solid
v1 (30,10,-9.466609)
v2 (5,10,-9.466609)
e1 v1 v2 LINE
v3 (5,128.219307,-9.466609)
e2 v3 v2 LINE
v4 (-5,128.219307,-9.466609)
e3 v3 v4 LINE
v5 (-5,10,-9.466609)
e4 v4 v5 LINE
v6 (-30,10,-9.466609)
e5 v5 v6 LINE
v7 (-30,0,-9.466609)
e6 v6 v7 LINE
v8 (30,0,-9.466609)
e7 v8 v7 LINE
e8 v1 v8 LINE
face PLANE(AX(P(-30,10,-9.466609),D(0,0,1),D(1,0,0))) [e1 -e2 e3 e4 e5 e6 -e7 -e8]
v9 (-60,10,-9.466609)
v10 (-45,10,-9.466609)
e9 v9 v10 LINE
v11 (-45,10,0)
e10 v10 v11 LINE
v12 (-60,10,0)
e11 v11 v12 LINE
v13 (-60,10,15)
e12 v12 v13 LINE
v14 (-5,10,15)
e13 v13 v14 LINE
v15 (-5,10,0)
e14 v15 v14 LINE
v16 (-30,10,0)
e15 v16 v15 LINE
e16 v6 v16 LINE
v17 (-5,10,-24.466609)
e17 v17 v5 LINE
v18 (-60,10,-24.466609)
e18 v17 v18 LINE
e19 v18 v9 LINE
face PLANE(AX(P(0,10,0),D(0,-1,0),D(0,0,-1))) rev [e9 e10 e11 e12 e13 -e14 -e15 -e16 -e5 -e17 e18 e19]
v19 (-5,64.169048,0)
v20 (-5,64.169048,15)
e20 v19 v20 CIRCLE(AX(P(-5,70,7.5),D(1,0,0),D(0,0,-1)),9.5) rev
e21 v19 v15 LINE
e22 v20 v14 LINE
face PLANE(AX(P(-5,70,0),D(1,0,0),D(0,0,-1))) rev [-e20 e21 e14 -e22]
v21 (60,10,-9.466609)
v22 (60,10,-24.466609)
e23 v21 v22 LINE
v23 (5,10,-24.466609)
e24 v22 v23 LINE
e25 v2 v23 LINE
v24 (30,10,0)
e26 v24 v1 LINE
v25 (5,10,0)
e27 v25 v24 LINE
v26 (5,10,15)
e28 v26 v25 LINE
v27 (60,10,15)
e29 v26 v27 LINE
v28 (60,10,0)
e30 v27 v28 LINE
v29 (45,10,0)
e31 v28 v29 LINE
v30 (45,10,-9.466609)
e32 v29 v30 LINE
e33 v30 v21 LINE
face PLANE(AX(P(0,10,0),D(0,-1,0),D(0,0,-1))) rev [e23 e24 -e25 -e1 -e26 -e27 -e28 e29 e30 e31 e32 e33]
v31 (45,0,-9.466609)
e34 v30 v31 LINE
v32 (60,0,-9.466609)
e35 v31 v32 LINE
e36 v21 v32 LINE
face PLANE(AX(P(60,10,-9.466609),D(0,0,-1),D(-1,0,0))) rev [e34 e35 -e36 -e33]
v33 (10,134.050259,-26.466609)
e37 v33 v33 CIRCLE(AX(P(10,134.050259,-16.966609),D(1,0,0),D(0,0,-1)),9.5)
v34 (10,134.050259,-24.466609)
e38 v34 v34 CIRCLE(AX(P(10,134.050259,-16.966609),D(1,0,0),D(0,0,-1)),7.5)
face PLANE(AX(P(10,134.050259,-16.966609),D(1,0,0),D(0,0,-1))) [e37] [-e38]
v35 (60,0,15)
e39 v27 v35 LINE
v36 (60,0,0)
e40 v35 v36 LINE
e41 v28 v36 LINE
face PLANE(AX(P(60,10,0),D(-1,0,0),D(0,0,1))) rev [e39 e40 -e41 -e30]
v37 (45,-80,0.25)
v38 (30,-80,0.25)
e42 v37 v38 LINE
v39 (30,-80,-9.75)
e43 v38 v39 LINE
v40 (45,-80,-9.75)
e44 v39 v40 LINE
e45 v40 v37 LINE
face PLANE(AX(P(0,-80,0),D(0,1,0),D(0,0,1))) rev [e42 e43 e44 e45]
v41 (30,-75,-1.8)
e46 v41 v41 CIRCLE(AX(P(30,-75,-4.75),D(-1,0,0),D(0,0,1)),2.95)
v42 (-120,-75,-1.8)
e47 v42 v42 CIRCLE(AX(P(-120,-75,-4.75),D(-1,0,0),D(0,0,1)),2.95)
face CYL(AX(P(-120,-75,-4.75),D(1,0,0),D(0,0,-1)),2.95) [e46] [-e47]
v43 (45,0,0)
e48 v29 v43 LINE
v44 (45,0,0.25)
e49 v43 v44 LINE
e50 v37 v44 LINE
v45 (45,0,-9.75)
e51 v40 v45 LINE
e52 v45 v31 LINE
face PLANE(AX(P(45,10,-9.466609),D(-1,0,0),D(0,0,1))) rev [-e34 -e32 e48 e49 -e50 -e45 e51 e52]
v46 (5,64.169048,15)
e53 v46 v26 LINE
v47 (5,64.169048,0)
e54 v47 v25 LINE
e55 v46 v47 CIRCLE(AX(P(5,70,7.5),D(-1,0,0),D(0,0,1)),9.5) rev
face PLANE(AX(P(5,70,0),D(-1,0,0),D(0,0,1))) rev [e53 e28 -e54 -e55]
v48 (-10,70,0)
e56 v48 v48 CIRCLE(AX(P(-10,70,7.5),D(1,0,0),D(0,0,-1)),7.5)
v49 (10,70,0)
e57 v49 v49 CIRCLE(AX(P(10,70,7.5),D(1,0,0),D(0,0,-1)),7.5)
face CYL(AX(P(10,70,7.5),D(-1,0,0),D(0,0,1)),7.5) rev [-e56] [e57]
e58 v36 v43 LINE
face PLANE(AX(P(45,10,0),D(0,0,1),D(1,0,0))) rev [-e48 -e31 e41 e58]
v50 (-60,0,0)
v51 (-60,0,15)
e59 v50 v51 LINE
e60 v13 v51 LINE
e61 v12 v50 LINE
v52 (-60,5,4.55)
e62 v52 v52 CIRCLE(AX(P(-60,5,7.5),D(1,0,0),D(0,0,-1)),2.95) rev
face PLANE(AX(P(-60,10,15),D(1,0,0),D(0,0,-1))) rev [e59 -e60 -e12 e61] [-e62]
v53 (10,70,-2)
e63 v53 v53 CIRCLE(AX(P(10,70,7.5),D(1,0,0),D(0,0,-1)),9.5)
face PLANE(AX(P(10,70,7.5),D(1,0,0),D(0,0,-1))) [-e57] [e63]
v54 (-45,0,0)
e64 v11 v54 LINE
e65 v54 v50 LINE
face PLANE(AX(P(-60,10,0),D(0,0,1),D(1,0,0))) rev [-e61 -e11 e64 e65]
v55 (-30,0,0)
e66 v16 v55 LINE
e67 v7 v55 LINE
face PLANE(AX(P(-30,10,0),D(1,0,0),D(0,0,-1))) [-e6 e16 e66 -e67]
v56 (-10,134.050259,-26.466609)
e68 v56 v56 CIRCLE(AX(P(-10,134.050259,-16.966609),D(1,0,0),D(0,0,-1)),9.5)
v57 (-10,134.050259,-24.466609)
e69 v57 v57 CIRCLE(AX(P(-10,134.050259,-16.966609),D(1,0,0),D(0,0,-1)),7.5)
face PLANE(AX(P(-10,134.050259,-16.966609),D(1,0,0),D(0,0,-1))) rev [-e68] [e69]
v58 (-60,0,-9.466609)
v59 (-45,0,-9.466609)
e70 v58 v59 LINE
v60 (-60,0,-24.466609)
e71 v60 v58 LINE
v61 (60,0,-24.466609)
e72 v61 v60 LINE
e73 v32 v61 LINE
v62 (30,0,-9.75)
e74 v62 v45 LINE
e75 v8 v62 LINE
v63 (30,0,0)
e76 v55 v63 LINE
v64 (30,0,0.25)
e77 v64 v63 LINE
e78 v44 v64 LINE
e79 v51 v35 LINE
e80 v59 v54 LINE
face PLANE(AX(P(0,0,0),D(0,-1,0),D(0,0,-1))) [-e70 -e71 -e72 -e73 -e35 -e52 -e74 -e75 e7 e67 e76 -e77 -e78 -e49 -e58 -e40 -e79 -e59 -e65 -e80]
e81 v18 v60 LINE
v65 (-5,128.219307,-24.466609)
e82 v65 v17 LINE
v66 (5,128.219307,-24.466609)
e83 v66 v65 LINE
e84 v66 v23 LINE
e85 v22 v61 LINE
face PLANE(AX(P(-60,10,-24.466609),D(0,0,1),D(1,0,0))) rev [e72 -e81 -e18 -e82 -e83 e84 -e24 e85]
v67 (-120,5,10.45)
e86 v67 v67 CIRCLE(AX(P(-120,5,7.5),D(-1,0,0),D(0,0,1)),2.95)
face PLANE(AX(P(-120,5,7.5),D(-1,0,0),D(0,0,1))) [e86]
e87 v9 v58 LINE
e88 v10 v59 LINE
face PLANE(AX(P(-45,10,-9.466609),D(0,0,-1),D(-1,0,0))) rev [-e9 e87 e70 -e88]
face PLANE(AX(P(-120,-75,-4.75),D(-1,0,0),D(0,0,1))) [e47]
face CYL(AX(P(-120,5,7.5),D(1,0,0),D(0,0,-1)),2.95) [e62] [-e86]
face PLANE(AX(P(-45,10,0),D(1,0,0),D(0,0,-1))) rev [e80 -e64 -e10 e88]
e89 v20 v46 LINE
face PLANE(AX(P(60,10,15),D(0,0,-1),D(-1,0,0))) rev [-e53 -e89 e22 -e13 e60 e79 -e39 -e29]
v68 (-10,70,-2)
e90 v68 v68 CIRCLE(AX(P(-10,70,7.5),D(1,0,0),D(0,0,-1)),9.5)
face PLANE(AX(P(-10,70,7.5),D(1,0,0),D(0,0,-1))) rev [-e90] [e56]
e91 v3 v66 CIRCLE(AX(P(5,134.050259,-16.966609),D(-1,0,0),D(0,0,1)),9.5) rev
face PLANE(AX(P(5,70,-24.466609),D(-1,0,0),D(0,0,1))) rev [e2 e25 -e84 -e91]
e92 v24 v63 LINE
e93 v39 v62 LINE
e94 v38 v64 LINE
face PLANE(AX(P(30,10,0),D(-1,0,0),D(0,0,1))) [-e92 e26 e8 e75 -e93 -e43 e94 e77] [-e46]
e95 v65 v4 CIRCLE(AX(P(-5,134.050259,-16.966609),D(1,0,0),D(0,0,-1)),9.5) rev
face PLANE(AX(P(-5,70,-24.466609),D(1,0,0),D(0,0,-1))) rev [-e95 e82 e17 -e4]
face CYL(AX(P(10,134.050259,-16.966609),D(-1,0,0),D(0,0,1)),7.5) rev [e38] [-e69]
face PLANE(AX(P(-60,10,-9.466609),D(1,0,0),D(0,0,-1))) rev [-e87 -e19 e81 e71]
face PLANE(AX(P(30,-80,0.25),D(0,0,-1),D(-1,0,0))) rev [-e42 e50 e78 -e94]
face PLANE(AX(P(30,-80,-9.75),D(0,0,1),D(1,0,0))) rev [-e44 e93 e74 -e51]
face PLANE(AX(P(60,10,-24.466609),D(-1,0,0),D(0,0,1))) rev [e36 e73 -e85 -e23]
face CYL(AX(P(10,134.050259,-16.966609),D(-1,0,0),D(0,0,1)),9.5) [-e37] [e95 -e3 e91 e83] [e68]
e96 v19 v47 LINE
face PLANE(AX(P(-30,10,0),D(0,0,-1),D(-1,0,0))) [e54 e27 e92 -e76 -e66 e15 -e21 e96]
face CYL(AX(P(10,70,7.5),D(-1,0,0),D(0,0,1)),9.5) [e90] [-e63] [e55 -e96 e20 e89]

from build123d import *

# Parameters (mm, degrees)
SKETCH2_W               = 60
SKETCH2_H               = 9.4666089
BOSS_EXTRUDE2_DEPTH     = 10
SKETCH3_W               = 10
SKETCH3_H               = 15
BOSS_EXTRUDE3_DEPTH     = 60
SKETCH4_W               = 10
SKETCH4_H               = 15
BOSS_EXTRUDE4_DEPTH     = 64.0502592
SKETCH6_R               = 9.5
SKETCH6_R_2             = 7.5
EXTRUDE_THIN1_DEPTH     = 10
CUT_EXTRUDE1_DEPTH      = 160.787854054
CUT_EXTRUDE1_DEPTH_BACK = 160.787854054
SKETCH8_W               = 15
SKETCH8_H               = 10
BOSS_EXTRUDE5_DEPTH     = 80
SKETCH9_R               = 2.95
BOSS_EXTRUDE6_DEPTH     = 150
SKETCH10_R              = 2.95
BOSS_EXTRUDE7_DEPTH     = 60


with BuildPart() as part:
    # Sketch2 → Boss-Extrude2 (new body)
    with BuildSketch(Plane(origin=(0, 0, 0), x_dir=(1, 0, 0), z_dir=(0, 1, 0))):
        Polygon((60, -15), (-60, -15), (-60, 0), (-45, 0), (-45, 9.4666089), (-60, 9.4666089), (-60, 24.4666089), (60, 24.4666089), (60, 9.4666089), (45, 9.4666089), (45, 0), (60, 0), align=None)
        with Locations((0, 4.73330445)):
            Rectangle(SKETCH2_W, SKETCH2_H, mode=Mode.SUBTRACT)
    extrude(amount=BOSS_EXTRUDE2_DEPTH)

    # Sketch3 → Boss-Extrude3 (add)
    with BuildSketch(Plane(origin=(0, 10, 0), x_dir=(1, 0, 0), z_dir=(0, 1, 0))):
        with Locations((0, -7.5)):
            Rectangle(SKETCH3_W, SKETCH3_H)
        with Locations((0, 16.9666089)):
            Rectangle(SKETCH3_W, SKETCH3_H)
    extrude(amount=BOSS_EXTRUDE3_DEPTH)

    # Sketch4 → Boss-Extrude4 (add)
    with BuildSketch(Plane(origin=(0, 70, 0), x_dir=(1, 0, 0), z_dir=(0, 1, 0))):
        with Locations((0, 16.9666089)):
            Rectangle(SKETCH4_W, SKETCH4_H)
    extrude(amount=BOSS_EXTRUDE4_DEPTH)

    # Sketch6 → Extrude-Thin1 (add, symmetric)
    # profile 1 of 2: a face of its own
    with BuildSketch(Plane(origin=(0, 0, 0), x_dir=(0, 0, -1), z_dir=(1, 0, 0))):
        with Locations((-7.5, 70)):
            Circle(SKETCH6_R)
        with Locations((-7.5, 70)):
            Circle(SKETCH6_R_2, mode=Mode.SUBTRACT)
    # profile 2 of 2: a face of its own
    with BuildSketch(Plane(origin=(0, 0, 0), x_dir=(0, 0, -1), z_dir=(1, 0, 0))):
        with Locations((16.9666089, 134.0502592)):
            Circle(SKETCH6_R)
        with Locations((16.9666089, 134.0502592)):
            Circle(SKETCH6_R_2, mode=Mode.SUBTRACT)
    extrude(amount=EXTRUDE_THIN1_DEPTH, both=True)

    # Sketch7 → Cut-Extrude1 (cut, two sides: drawn at the far end of the back side and taken through both)
    with BuildSketch(Plane(origin=(5, 0, 0), x_dir=(0, 0, -1), z_dir=(1, 0, 0)).offset(-CUT_EXTRUDE1_DEPTH_BACK)):
        with BuildLine():
            Line((0, 70), (-15, 70))
            ThreePointArc((-15, 70), (-7.5, 62.5), (0, 70))
        make_face()
        with BuildLine():
            Line((24.4666089, 134.0502592), (9.4666089, 134.0502592))
            ThreePointArc((9.4666089, 134.0502592), (16.9666089, 126.5502592), (24.4666089, 134.0502592))
        make_face()
    extrude(amount=CUT_EXTRUDE1_DEPTH + CUT_EXTRUDE1_DEPTH_BACK, mode=Mode.SUBTRACT)

    # Sketch8 → Boss-Extrude5 (add)
    with BuildSketch(Plane.XZ):
        with Locations((37.5, -4.75)):
            Rectangle(SKETCH8_W, SKETCH8_H)
    extrude(amount=BOSS_EXTRUDE5_DEPTH)

    # Sketch9 → Boss-Extrude6 (add)
    with BuildSketch(Plane.ZY.offset(-30)):
        with Locations((-4.75, -75)):
            Circle(SKETCH9_R)
    extrude(amount=BOSS_EXTRUDE6_DEPTH)

    # Sketch10 → Boss-Extrude7 (add)
    with BuildSketch(Plane.ZY.offset(60)):
        with Locations(Location((7.5, 5, 0), (0, 0, 180))):
            Circle(SKETCH10_R)
    extrude(amount=BOSS_EXTRUDE7_DEPTH)


solid = part.part
